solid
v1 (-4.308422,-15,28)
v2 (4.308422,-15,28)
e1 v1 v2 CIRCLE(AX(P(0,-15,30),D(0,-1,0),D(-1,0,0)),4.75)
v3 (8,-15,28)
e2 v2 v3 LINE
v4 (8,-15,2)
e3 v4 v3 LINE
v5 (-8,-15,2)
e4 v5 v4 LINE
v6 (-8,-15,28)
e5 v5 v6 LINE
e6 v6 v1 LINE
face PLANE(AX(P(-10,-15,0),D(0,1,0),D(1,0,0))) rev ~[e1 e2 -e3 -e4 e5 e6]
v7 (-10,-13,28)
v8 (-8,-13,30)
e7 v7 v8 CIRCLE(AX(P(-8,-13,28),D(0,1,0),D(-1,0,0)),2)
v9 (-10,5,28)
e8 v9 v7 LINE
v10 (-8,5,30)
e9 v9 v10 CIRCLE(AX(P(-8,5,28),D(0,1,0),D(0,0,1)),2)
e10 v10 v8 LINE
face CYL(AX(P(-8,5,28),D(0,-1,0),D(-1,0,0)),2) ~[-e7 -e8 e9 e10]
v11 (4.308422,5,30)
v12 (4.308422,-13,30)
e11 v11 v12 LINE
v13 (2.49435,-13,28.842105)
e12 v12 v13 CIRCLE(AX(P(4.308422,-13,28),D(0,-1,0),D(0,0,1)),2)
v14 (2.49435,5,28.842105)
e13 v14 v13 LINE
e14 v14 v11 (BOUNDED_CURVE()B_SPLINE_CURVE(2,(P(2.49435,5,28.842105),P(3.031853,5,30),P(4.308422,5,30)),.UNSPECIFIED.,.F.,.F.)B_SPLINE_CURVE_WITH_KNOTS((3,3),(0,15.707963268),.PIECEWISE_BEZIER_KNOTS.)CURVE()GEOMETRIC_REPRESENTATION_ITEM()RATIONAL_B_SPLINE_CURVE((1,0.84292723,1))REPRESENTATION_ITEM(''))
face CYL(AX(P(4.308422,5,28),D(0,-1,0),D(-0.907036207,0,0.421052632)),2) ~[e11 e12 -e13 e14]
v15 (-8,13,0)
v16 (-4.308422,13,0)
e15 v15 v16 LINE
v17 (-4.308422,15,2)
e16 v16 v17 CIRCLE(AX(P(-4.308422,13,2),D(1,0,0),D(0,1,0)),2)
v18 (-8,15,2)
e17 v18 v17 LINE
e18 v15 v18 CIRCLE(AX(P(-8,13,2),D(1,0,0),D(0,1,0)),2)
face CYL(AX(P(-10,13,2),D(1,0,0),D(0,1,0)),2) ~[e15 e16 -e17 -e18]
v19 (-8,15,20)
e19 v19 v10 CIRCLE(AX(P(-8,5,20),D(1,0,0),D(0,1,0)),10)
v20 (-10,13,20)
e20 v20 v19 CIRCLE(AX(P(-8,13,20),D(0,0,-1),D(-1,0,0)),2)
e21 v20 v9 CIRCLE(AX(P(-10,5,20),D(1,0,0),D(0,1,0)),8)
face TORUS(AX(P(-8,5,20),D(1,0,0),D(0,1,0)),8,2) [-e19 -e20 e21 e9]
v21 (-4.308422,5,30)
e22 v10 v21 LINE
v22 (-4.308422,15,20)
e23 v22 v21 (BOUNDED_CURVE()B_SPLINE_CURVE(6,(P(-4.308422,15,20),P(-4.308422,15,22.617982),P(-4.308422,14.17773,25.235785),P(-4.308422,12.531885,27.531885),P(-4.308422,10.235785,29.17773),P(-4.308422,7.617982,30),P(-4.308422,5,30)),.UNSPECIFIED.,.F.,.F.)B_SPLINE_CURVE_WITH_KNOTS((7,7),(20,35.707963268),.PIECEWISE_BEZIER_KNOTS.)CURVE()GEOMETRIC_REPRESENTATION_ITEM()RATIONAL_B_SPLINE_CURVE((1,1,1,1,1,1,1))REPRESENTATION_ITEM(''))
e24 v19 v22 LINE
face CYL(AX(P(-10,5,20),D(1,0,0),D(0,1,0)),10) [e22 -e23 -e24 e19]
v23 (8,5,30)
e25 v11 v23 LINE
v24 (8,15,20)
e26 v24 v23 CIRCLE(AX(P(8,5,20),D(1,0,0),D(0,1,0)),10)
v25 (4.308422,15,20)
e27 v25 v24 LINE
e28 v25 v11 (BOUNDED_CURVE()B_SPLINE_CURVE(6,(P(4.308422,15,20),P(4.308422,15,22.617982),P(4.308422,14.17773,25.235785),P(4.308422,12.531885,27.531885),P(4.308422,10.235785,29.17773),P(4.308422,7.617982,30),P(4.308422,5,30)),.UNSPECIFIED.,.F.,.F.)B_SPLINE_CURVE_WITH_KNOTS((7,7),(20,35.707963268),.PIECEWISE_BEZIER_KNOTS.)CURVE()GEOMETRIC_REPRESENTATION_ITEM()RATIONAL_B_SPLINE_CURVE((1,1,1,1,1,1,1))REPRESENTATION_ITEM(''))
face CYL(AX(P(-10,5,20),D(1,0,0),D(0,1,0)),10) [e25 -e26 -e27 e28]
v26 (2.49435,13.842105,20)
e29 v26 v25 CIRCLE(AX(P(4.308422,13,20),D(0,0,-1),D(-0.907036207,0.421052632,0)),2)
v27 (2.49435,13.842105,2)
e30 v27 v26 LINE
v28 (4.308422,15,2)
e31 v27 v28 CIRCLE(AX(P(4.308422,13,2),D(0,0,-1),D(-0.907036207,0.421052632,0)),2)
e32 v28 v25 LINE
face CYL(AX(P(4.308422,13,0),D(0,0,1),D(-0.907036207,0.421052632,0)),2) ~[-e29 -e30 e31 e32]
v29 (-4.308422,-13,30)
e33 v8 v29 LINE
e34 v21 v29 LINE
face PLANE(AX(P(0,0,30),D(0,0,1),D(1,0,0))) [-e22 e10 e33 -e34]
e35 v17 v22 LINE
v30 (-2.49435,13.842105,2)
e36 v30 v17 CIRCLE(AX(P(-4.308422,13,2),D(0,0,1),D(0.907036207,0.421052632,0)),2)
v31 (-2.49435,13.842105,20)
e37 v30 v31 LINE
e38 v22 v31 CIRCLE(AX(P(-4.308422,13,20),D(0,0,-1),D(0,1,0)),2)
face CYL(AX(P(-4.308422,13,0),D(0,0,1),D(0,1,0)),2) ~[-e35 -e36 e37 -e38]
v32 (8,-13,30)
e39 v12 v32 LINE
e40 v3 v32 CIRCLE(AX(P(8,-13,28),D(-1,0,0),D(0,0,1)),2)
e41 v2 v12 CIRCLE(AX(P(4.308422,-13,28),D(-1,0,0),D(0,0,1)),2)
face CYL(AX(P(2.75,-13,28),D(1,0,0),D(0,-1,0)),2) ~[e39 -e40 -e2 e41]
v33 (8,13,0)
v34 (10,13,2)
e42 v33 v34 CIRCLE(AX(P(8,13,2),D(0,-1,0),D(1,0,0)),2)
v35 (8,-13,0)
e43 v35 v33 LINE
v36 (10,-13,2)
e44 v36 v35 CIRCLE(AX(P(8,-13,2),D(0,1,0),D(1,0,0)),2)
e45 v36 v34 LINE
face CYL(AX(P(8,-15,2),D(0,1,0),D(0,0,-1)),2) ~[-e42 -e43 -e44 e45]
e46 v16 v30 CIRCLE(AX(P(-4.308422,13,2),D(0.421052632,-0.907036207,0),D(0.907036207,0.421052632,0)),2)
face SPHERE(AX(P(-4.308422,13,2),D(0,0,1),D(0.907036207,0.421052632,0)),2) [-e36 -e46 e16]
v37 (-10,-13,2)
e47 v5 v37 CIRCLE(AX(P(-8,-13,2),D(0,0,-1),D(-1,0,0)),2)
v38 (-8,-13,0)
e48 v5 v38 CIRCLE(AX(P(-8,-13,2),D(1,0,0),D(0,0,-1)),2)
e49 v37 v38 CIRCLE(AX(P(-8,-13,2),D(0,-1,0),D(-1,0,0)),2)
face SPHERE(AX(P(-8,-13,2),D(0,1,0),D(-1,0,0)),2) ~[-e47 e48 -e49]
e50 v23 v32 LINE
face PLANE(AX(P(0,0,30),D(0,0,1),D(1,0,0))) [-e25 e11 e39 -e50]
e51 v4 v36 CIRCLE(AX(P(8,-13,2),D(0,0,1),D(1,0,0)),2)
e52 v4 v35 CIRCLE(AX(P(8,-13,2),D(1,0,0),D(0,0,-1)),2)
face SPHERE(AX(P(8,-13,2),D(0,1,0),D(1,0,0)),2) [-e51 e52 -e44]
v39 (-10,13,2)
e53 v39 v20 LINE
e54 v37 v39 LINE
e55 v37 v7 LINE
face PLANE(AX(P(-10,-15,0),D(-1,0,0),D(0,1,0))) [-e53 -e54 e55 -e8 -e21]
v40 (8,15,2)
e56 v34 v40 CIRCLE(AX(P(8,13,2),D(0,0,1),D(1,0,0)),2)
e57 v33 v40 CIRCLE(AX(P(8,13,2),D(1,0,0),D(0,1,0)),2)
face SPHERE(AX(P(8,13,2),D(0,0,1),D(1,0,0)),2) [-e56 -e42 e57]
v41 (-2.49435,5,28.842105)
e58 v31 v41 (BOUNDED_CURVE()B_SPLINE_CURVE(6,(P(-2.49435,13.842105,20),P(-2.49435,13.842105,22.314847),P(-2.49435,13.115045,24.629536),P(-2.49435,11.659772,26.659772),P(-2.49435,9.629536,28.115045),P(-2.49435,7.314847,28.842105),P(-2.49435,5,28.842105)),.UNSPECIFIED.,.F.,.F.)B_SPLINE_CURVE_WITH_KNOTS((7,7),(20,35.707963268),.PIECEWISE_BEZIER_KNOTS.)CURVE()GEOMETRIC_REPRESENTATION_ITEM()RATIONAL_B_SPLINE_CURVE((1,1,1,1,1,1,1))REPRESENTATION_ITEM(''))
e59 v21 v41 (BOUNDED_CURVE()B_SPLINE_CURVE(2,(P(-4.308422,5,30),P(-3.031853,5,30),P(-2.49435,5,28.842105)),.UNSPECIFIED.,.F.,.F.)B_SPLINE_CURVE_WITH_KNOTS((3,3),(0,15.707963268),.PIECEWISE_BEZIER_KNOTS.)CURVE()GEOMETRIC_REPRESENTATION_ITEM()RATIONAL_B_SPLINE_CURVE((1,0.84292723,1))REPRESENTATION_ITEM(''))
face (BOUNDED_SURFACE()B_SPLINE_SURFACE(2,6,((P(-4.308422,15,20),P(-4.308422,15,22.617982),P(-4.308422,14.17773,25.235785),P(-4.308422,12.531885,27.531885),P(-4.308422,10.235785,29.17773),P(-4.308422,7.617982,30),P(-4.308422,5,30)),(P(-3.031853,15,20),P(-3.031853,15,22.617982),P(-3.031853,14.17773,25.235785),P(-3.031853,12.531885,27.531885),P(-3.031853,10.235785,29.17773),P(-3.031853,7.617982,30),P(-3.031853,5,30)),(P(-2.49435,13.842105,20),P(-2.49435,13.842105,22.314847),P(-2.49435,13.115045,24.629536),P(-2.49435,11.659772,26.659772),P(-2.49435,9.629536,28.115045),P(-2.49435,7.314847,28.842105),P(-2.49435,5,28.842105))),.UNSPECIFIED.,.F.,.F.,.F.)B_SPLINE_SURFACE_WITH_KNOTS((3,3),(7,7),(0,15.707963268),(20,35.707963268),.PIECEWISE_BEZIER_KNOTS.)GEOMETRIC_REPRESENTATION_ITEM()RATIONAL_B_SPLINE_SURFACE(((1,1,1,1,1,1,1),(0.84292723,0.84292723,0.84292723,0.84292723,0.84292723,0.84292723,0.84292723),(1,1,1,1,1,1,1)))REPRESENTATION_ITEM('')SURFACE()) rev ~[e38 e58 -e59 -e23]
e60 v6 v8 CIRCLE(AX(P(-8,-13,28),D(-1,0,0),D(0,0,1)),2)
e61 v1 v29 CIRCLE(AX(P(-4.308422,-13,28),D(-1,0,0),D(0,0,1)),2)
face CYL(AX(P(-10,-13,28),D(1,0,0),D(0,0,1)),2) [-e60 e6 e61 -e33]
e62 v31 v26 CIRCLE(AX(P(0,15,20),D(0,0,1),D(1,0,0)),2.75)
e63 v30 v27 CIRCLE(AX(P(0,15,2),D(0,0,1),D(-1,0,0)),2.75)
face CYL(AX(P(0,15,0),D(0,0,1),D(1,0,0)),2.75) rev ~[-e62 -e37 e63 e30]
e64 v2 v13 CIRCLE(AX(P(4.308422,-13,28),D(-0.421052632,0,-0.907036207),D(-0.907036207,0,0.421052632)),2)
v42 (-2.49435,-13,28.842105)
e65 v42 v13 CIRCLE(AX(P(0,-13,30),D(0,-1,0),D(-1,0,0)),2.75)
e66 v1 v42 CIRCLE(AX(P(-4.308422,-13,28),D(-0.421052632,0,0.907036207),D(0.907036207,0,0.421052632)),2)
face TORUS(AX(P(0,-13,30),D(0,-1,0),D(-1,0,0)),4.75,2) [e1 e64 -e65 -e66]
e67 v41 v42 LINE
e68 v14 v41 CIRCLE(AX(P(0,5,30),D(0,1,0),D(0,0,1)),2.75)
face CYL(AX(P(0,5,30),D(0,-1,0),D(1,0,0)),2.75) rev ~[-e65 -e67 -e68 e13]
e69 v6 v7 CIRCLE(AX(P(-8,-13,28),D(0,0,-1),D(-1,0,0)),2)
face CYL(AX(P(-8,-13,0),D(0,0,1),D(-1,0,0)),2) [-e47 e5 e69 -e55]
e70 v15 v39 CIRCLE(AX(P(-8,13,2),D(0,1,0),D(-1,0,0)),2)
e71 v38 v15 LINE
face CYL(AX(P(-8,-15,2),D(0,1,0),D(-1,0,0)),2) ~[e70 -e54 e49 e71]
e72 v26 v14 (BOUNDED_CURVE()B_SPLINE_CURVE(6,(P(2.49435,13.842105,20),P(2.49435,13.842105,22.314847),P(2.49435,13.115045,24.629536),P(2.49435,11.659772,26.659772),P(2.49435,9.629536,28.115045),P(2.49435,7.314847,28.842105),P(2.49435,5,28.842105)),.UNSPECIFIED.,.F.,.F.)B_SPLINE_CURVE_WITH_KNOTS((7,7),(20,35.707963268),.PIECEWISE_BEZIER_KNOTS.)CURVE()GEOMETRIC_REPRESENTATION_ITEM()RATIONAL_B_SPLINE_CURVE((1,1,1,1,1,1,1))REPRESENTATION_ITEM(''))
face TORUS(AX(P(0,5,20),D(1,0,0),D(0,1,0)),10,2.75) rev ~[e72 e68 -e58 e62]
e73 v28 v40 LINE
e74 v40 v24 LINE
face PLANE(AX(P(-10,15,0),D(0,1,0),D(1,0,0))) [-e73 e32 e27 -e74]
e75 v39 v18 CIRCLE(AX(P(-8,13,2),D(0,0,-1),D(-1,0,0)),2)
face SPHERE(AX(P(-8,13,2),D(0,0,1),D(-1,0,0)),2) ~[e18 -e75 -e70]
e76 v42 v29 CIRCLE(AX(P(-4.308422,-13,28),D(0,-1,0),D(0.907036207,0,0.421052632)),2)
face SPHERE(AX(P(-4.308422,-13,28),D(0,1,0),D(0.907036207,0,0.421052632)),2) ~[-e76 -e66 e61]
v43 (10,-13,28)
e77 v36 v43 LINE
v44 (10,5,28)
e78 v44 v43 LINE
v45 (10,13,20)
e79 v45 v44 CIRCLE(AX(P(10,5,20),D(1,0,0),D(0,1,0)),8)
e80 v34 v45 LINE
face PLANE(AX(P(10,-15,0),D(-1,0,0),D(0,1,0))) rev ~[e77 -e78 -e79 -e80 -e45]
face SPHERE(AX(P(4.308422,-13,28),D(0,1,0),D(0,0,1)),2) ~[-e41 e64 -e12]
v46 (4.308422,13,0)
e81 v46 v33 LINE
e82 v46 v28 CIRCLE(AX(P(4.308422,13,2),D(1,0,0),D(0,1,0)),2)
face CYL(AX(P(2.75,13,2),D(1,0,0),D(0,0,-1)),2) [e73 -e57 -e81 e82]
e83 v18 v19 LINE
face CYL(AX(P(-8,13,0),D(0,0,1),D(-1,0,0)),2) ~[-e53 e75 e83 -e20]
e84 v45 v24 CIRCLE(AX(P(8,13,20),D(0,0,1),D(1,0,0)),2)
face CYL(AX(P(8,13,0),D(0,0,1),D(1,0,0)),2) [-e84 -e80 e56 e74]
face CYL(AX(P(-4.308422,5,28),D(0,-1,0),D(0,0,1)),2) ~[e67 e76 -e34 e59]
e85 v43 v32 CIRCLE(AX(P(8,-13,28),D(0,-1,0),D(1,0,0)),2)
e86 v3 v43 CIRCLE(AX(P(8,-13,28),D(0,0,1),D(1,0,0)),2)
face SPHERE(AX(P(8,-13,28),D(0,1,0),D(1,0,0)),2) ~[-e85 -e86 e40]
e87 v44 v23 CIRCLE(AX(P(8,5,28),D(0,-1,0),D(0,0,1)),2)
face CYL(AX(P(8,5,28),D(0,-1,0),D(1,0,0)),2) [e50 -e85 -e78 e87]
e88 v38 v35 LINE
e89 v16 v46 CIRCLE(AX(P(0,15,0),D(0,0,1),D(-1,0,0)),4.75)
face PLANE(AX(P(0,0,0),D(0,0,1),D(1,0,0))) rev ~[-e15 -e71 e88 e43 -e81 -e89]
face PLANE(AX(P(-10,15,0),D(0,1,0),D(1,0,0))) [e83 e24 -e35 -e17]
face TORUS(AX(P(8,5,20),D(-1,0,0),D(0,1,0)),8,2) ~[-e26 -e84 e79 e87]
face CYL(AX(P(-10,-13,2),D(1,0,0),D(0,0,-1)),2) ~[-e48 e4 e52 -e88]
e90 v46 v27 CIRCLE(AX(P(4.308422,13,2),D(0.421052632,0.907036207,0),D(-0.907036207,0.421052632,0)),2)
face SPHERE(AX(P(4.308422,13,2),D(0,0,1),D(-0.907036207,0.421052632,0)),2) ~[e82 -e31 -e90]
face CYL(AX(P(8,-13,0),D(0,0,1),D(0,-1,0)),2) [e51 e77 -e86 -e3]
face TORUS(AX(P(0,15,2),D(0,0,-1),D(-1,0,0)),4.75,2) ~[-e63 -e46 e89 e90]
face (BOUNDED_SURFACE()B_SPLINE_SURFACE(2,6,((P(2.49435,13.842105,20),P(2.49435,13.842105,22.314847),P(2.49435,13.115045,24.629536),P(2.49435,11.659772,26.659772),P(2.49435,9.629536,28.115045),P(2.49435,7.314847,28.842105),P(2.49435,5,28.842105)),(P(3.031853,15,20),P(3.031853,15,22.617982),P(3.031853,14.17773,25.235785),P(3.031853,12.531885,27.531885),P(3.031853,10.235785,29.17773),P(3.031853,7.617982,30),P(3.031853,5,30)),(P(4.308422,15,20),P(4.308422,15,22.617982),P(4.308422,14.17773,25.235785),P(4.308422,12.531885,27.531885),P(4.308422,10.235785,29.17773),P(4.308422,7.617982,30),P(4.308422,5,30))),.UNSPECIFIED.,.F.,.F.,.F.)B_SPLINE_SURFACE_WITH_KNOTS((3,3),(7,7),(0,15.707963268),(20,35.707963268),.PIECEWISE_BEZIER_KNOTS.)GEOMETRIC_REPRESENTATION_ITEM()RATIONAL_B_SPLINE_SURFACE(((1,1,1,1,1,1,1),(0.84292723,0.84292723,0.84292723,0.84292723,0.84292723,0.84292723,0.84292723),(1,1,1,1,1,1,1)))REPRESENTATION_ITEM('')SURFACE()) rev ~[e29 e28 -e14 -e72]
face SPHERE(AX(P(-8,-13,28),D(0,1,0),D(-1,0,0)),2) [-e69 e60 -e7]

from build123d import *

# Parameters (mm, degrees)
F0_R     = 9.5
F0_R_2   = 8
F1_DEPTH = 150
F3_W     = 20
F3_H     = 30
F4_DEPTH = 30
F5_R     = 10
F9_R     = 2


with BuildPart() as f1:
    # F0 (on Top) → F1 (new body)
    with BuildSketch(Plane.XY):
        Circle(F0_R)
        Circle(F0_R_2, mode=Mode.SUBTRACT)
    extrude(amount=F1_DEPTH)


with BuildPart() as f4:
    # F3 (on Top) → F4 (new body)
    with BuildSketch(Plane.XY):
        Rectangle(F3_W, F3_H)
    extrude(amount=F4_DEPTH)

    # F5
    f5_edges = [f4.edges().sort_by_distance(p)[0] for p in [
        (0, 15, 30),
    ]]
    fillet(f5_edges, radius=F5_R)

    # F8: sweep along a path in F6
    with BuildLine(Plane.YZ) as f8_path:
        Line((15, 0), (15, 20))
        ThreePointArc((15, 20), (12.0710678119, 27.0710678119), (5, 30))
        Line((5, 30), (-15.0585370138, 30))
    # F7 (on face) → F8 (sweep, cut)
    with BuildSketch(Plane(origin=(0, 0, 0), x_dir=(1, 0, 0), z_dir=(0, 0, -1))):
        with BuildLine():
            Line((-2.75, -15), (2.75, -15))
            ThreePointArc((2.75, -15), (0, -12.25), (-2.75, -15))
        make_face()
    sweep(path=f8_path.line, mode=Mode.SUBTRACT)

    # F9
    f9_edges = [f4.edges().sort_by_distance(p)[0] for p in [
        (0, 5, 27.25),
        (-2.75, -5, 30),
        (0, -15, 27.25),
        (2.75, -5, 30),
        (2.75, 12.071068, 27.071068),
        (0, 12.25, 20),
        (-2.75, 12.071068, 27.071068),
        (2.75, 15, 10),
        (0, 12.25, 0),
        (-2.75, 15, 10),
        (-10, 12.071068, 27.071068),
        (10, 12.071068, 27.071068),
        (10, 15, 10),
        (10, 0, 0),
        (10, -5, 30),
        (10, -15, 15),
        (-10, 15, 10),
        (-10, 0, 0),
        (-10, -5, 30),
        (-10, -15, 15),
        (0, -15, 0),
        (-6.375, 15, 0),
        (6.375, 15, 0),
        (6.375, -15, 30),
        (-6.375, -15, 30),
    ]]
    fillet(f9_edges, radius=F9_R)


solid = f4.part
